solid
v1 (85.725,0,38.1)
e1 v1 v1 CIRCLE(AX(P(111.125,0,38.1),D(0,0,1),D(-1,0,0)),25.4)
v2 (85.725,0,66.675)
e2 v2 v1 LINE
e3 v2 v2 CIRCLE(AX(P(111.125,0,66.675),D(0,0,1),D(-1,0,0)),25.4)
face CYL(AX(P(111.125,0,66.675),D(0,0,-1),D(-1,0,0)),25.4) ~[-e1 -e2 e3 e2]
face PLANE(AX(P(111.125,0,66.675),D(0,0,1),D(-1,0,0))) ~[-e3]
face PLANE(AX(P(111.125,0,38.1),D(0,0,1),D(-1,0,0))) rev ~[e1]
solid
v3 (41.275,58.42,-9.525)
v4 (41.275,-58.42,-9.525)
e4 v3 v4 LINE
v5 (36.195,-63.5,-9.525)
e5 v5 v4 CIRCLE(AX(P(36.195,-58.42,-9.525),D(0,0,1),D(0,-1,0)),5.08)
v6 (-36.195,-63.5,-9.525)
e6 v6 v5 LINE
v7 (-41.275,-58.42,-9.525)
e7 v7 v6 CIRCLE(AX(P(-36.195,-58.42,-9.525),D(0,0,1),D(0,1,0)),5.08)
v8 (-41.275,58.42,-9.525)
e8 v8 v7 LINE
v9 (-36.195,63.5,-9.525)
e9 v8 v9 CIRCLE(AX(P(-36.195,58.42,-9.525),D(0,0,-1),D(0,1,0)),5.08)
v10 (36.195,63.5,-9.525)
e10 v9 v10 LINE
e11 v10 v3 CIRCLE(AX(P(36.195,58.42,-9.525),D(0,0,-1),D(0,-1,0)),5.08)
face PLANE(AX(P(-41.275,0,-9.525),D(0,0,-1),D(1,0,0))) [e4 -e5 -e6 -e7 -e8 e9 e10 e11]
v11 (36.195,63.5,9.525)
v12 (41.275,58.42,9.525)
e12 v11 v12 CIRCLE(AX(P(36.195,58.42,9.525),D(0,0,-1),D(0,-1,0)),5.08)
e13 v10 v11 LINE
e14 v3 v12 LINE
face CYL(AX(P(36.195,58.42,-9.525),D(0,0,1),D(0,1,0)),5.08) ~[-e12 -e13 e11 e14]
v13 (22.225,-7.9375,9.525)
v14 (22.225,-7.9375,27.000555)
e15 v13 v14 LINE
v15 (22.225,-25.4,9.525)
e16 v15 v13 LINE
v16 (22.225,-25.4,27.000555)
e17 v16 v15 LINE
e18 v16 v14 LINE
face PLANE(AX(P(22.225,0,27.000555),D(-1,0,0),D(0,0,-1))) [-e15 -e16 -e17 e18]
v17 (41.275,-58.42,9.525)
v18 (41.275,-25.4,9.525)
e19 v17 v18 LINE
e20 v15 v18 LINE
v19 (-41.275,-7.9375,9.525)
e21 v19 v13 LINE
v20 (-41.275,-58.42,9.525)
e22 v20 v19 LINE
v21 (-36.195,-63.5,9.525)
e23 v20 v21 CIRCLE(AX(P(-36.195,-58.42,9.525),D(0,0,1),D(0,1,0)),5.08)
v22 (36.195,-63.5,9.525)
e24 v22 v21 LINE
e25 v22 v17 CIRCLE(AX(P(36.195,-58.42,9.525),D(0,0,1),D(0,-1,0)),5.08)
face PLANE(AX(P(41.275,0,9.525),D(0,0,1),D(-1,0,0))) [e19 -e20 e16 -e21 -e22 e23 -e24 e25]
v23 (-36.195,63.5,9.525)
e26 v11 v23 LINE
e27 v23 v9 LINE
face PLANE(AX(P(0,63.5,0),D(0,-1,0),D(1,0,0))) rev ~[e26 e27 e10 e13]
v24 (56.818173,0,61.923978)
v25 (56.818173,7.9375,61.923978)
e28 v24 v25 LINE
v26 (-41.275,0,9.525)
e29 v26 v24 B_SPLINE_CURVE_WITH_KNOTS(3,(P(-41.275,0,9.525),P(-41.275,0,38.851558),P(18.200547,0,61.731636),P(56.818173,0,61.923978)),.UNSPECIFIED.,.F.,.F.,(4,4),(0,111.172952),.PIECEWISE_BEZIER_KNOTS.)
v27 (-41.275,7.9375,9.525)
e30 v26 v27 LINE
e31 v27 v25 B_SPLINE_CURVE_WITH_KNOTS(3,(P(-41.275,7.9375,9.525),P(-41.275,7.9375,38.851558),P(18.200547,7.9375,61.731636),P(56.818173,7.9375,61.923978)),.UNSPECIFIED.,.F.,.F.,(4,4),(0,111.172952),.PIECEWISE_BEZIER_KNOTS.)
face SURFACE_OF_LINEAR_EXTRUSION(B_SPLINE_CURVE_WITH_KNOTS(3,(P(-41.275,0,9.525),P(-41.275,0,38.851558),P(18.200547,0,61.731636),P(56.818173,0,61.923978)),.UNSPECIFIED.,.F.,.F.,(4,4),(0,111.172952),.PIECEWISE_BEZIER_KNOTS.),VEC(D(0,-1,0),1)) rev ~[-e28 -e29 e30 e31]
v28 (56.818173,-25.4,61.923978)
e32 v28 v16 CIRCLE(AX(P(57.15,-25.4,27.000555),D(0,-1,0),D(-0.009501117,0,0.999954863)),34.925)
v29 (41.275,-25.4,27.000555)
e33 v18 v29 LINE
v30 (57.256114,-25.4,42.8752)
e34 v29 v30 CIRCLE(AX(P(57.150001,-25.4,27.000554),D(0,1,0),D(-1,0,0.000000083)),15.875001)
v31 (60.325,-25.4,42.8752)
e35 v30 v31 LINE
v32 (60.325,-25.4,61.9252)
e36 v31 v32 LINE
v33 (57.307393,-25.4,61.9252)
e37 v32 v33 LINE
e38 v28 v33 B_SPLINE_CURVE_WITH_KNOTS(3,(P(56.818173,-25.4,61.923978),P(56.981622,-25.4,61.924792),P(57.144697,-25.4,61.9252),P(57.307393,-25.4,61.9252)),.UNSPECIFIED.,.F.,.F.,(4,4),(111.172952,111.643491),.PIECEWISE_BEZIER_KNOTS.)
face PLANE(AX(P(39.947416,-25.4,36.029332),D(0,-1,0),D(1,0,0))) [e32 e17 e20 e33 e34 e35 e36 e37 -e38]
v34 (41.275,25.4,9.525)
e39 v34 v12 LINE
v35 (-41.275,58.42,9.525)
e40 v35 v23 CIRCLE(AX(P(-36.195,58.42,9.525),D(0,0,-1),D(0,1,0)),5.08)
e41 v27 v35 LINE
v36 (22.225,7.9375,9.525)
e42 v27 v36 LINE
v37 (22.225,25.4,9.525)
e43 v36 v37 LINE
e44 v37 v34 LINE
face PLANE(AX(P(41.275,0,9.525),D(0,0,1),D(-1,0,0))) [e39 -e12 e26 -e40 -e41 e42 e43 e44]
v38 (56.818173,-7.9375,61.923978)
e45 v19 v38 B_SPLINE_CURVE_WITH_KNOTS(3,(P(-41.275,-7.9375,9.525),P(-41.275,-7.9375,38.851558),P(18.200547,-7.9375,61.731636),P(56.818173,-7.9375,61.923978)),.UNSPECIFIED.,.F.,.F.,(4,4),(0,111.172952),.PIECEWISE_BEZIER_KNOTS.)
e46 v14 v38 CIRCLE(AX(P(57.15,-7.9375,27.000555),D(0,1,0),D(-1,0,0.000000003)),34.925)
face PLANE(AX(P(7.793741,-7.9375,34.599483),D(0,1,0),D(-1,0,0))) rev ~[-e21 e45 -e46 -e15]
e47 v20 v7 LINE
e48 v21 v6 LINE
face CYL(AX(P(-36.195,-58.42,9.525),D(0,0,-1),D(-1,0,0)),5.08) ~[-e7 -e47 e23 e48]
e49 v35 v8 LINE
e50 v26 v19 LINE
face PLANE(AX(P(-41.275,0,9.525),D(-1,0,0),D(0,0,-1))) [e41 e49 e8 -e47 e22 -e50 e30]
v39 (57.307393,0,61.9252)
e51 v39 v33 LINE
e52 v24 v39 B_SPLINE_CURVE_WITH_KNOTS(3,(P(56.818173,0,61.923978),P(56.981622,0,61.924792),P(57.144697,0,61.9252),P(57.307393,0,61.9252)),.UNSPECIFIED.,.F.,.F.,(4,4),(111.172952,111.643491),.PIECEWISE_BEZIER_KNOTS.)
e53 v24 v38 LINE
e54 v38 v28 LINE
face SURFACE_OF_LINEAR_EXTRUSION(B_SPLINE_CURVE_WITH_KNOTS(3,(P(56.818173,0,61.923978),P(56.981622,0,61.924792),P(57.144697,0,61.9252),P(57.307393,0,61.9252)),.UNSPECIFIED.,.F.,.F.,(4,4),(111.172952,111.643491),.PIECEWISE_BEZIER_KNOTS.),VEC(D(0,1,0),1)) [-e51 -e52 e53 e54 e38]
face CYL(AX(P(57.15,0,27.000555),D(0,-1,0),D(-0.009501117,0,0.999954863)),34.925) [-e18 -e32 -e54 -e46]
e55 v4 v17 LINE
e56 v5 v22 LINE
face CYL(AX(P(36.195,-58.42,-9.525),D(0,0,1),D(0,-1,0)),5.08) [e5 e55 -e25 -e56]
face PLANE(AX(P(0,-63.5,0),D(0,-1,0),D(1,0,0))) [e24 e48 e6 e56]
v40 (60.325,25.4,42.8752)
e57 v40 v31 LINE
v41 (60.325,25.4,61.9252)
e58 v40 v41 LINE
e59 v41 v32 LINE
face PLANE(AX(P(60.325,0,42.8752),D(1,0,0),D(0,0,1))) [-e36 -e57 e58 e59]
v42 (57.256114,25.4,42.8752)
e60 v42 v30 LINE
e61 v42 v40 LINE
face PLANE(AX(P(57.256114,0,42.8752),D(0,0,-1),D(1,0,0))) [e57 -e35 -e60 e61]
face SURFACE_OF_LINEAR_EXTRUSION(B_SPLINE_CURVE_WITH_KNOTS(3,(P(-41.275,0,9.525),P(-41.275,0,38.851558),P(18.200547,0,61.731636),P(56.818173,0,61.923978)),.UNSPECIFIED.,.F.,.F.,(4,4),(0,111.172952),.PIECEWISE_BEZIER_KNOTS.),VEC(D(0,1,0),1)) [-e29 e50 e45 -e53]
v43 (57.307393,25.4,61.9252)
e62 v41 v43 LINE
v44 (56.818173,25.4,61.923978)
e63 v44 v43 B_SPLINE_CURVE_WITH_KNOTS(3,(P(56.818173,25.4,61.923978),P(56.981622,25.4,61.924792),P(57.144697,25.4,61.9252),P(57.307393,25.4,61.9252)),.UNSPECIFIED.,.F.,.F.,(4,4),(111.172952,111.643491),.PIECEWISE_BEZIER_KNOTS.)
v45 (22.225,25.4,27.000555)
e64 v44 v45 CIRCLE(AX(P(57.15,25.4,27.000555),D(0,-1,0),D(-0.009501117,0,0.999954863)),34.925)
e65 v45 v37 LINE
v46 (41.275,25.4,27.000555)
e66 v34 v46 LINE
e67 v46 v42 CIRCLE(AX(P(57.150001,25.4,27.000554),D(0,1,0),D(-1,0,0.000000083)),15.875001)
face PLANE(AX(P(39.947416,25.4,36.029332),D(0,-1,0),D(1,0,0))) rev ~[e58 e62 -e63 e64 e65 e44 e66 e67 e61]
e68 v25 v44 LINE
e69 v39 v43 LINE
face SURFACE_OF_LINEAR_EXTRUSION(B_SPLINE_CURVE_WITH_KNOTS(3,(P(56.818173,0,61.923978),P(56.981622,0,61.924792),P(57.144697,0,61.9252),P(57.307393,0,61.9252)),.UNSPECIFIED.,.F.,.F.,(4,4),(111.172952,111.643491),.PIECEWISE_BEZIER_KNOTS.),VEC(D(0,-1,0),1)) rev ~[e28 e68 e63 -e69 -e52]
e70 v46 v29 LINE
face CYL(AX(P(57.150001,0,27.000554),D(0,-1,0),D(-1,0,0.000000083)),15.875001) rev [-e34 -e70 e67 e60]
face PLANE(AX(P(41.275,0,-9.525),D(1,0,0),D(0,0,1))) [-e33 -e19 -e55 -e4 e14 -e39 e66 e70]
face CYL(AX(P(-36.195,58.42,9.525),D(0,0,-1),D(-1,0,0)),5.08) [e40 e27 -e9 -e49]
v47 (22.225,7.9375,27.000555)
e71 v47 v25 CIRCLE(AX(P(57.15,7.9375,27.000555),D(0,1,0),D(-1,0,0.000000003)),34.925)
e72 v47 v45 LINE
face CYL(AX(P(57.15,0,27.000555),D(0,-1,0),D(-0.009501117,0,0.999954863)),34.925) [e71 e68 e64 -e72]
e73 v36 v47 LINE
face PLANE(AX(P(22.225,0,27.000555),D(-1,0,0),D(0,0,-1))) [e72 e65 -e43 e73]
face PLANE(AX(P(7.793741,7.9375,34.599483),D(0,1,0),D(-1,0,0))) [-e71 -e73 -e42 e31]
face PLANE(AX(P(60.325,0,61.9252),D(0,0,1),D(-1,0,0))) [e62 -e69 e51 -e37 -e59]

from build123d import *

# Parameters (mm, degrees)
F1_DEPTH = 63.5
F2_DEPTH = 25.4
F3_DEPTH = 7.9375
F5_R     = 5.08


with BuildPart() as f1:
    # F0 (on Front) → F1 (new body, symmetric)
    with BuildSketch(Plane.XZ):
        Polygon((-41.275, 9.525), (-41.275, -9.525), (41.275, -9.525), (41.275, 9.525), (22.225, 9.525), align=None)
    extrude(amount=F1_DEPTH, both=True)

    # F0 (on Front) → F2 (join, symmetric)
    with BuildSketch(Plane.XZ):
        with BuildLine():
            Line((22.225, 9.525), (41.275, 9.525))
            Line((41.275, 9.525), (41.275, 27.000555))
            ThreePointArc((41.275, 27.000555), (45.96226, 38.263329), (57.256114, 42.8752))
            Line((57.256114, 42.8752), (60.325, 42.8752))
            Line((60.325, 42.8752), (60.325, 61.9252))
            Line((60.325, 61.9252), (57.307393, 61.9252))
            add(Edge.make_bspline(
                [(56.818173, 61.923978), (56.981622, 61.924792), (57.144697, 61.9252), (57.307393, 61.9252)],
                knots=[111.172952, 111.172952, 111.172952, 111.172952, 111.643491, 111.643491, 111.643491, 111.643491], degree=3))
            ThreePointArc((56.818173, 61.923978), (32.337254, 51.57866), (22.225, 27.000555))
            Line((22.225, 27.000555), (22.225, 9.525))
        make_face()
    extrude(amount=F2_DEPTH, both=True)

    # F0 (on Front) → F3 (join, symmetric)
    with BuildSketch(Plane.XZ):
        with BuildLine():
            add(Edge.make_bspline(
                [(-41.275, 9.525), (-41.275, 38.851558), (18.200547, 61.731636), (56.818173, 61.923978)],
                knots=[0, 0, 0, 0, 111.172952, 111.172952, 111.172952, 111.172952], degree=3))
            Line((-41.275, 9.525), (22.225, 9.525))
            Line((22.225, 9.525), (22.225, 27.000555))
            ThreePointArc((22.225, 27.000555), (32.337254, 51.57866), (56.818173, 61.923978))
        make_face()
    extrude(amount=F3_DEPTH, both=True)

    # F5
    f5_edges = [f1.edges().sort_by_distance(p)[0] for p in [
        (41.275, -63.5, 0),
        (-41.275, -63.5, 0),
        (41.275, 63.5, 0),
        (-41.275, 63.5, 0),
    ]]
    fillet(f5_edges, radius=F5_R)


with BuildPart() as f4:
    # F0 (on Front) → F4 (revolve)
    with BuildSketch(Plane.XZ):
        Polygon((85.725, 66.675), (85.725, 61.9252), (85.725, 42.8752), (85.725, 38.1), (111.125, 38.1), (111.125, 66.675), align=None)
    revolve(axis=Axis((111.125, 0, 52.3875), (0, 0, 1)))


solid = Compound([f1.part, f4.part])
